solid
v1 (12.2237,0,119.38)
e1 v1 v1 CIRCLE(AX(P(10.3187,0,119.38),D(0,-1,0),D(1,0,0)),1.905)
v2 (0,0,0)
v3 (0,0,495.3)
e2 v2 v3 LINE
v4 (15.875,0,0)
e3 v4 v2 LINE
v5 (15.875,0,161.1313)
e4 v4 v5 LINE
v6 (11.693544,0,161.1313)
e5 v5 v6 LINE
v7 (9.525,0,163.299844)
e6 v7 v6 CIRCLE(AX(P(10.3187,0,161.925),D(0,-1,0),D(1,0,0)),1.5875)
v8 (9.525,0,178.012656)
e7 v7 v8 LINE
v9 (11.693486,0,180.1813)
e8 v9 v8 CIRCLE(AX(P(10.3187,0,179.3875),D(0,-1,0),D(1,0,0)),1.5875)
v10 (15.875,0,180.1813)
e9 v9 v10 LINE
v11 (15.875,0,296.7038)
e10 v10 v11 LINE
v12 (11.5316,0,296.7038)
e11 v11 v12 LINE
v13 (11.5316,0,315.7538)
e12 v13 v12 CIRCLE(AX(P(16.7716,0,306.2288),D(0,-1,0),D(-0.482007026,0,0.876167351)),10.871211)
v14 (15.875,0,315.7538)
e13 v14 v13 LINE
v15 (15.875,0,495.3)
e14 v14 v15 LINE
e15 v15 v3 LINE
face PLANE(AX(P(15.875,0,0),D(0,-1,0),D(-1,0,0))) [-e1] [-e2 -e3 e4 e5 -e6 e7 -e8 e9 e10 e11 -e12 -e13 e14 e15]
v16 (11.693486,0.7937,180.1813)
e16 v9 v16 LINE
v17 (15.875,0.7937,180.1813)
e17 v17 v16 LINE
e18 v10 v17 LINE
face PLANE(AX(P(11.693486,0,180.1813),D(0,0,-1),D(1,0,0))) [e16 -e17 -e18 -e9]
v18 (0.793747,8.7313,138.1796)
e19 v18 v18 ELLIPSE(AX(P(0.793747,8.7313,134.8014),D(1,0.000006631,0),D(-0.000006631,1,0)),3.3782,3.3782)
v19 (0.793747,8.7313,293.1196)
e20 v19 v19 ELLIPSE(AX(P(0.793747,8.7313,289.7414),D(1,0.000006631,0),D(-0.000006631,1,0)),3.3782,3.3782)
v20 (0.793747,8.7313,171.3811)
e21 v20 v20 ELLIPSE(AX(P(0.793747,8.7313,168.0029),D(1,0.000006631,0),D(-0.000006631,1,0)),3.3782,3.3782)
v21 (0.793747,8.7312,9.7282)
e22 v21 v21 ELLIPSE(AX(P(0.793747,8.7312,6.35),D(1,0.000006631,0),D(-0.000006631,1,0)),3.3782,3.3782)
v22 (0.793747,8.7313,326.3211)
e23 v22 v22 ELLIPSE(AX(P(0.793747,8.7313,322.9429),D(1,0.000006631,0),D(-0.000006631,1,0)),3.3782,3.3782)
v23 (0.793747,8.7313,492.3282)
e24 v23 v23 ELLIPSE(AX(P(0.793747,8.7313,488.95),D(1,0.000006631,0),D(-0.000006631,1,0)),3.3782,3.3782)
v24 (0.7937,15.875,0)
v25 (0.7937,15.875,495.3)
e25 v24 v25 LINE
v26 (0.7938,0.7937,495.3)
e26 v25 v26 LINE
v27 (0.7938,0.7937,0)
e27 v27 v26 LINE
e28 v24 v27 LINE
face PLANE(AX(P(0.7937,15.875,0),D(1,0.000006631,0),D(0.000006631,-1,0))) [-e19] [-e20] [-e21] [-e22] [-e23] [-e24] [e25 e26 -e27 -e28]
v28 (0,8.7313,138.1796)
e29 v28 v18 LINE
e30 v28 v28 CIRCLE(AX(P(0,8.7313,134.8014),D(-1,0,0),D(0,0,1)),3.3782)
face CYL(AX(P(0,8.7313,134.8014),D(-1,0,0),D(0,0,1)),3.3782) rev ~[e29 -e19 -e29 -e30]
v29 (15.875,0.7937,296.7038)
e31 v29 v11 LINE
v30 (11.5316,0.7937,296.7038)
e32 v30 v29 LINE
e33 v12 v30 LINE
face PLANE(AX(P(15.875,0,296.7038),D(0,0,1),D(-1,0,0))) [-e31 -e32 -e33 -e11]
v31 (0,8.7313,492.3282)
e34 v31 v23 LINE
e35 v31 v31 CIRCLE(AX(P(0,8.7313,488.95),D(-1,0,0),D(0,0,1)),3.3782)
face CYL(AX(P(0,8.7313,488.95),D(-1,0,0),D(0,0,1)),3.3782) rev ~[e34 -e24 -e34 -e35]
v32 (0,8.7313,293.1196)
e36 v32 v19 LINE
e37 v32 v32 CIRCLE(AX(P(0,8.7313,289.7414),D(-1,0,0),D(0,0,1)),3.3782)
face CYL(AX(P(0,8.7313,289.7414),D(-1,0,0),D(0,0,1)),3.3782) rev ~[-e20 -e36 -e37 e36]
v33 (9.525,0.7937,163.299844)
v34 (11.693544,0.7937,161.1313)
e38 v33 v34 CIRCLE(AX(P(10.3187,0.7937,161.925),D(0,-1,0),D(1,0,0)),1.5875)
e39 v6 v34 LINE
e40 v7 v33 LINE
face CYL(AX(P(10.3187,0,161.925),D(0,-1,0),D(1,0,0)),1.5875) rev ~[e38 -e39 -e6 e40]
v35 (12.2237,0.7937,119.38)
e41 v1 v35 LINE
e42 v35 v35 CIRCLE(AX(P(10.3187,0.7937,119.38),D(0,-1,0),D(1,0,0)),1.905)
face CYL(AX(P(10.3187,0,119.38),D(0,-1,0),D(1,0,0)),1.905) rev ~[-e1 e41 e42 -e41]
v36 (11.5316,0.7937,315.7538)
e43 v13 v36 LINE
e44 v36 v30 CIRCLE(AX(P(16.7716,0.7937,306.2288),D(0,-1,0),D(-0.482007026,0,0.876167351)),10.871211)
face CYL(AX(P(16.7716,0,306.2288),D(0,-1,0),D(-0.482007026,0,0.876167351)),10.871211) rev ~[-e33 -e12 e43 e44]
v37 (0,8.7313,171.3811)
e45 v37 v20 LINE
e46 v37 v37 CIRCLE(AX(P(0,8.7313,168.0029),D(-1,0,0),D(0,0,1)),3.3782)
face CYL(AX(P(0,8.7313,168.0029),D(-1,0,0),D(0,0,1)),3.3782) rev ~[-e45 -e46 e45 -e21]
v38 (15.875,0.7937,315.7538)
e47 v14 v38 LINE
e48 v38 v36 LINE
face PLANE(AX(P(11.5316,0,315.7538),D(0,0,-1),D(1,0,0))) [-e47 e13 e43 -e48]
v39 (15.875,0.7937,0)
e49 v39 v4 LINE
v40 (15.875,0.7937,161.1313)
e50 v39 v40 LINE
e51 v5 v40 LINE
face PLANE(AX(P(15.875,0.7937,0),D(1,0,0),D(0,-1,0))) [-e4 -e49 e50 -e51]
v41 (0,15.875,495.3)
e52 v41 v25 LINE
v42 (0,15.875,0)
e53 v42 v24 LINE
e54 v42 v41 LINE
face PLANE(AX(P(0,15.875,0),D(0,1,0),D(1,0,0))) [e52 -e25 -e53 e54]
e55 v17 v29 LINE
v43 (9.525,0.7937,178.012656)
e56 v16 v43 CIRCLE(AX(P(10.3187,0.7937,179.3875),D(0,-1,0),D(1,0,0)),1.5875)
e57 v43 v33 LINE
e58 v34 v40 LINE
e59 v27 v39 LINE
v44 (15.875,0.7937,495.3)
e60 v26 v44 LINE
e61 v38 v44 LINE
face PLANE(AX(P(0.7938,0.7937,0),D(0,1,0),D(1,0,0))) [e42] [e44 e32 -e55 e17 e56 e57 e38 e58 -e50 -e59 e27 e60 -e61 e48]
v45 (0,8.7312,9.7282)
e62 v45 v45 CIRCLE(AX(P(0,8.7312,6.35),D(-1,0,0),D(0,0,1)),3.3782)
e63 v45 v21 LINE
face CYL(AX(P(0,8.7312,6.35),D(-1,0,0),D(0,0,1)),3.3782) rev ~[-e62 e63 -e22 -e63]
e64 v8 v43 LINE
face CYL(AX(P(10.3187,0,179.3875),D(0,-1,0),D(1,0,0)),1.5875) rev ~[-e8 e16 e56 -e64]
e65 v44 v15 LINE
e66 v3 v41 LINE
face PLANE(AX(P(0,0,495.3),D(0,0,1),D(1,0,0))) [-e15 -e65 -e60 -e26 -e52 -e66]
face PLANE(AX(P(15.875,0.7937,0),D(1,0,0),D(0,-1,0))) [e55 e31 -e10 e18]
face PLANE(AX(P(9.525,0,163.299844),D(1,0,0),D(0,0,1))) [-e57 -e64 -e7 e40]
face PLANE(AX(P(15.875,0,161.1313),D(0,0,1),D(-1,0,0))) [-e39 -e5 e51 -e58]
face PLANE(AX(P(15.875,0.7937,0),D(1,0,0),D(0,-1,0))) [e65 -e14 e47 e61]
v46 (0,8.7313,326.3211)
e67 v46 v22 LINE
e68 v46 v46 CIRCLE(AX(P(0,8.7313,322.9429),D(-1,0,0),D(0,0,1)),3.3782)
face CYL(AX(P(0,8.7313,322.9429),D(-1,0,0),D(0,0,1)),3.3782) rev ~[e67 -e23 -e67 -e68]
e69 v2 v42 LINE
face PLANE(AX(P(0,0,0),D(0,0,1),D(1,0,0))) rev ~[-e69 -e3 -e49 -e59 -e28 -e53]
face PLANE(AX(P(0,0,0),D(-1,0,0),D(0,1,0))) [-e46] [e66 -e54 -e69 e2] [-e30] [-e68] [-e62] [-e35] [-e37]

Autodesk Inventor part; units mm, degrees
ref_plane "YZ Plane" through (0, 0, 0) normal (1, 0, 0) x (0, 1, 0)
ref_plane "XZ Plane" through (0, 0, 0) normal (0, 1, 0) x (-1, 0, 0)
ref_plane "XY Plane" through (0, 0, 0) normal (0, 0, 1) x (1, 0, 0)
sketch "Sketch1" plane through (0, 0, 0) normal (0, 0, 1) x (1, 0, 0)
  line L0 (0, 0) -> (0, 15.875)
  line L1 (0, 15.875) -> (0.7937, 15.875)
  line L2 (0.7937, 15.875) -> (0.7938, 0.7937)
  line L3 (0.7938, 0.7937) -> (15.875, 0.7937)
  line L4 (15.875, 0.7937) -> (15.875, 0)
  line L5 (15.875, 0) -> (0, 0)
  dimension "d0" = 15.875
  dimension "d1" = 0.7937
extrude "Extrusion1" add sketch "Sketch1" along normal blind 495.3
sketch "Sketch2" plane through (0, 0, 0) normal (0, -1, 0) x (1, 0, 0)
  line L0 (15.875, 0) -> (15.875, 495.3) projected
  line L1 (14.2875, 178.5938) -> (14.2875, 162.7188) construction
  line L2 (14.2875, 162.7188) -> (15.0813, 162.7188) construction
  line L3 (15.0813, 162.7188) -> (15.0813, 177.8) construction
  line L4 (15.0813, 177.8) -> (30.1625, 177.8) construction
  line L5 (30.1625, 177.8) -> (30.1625, 178.5938) construction
  line L6 (30.1625, 178.5938) -> (14.2875, 178.5938) construction
  line L7 (15.875, 161.1313) -> (9.525, 161.1313)
  line L8 (9.525, 161.1313) -> (9.525, 180.1813)
  line L9 (9.525, 180.1813) -> (15.875, 180.1813)
  line L10 (14.2875, 170.6563) -> (15.875, 170.6563) construction
  circle A0 centre (10.3187, 179.3875) radius 1.5875
  circle A1 centre (10.3187, 161.925) radius 1.5875
  circle A2 centre (10.3187, 119.38) radius 1.905 projected
  circle A3 centre (16.7716, 306.2288) radius 8.255 projected
  arc A4 (22.0116, 315.7538) -> (11.5316, 315.7538) centre (16.7716, 306.2288) ccw construction
  line L11 (11.5316, 315.7538) -> (22.0116, 315.7538) projected
  arc A5 (11.5316, 296.7038) -> (22.0116, 296.7038) centre (16.7716, 306.2288) ccw construction
  line L12 (22.0116, 296.7038) -> (11.5316, 296.7038) projected
  arc A6 (22.0116, 296.7038) -> (22.0116, 315.7538) centre (16.7716, 306.2288) ccw
  arc A7 (11.5316, 315.7538) -> (11.5316, 296.7038) centre (16.7716, 306.2288) ccw
  point P0 (9.525, 170.6563)
  dimension "d4" = 6.35
  dimension "d5" = 19.05
  dimension "d8" = 3.175
  dimension "d9" = 0.7937
  dimension "d10" = 0.7937
  dimension "d11" = 0.7937
  dimension "d12" = 0.7937
extrude "Extrusion2" cut sketch "Sketch2" against normal through all
sketch "Sketch3" plane through (0, 0, 0) normal (-1, 0, 0) x (0, 0, 1)
  line L0 (219.2782, 408.7812) -> (219.2782, 103.9812) construction
  arc A0 (212.5218, 103.9812) -> (219.2782, 103.9812) centre (215.9, 103.9812) ccw construction
  line L1 (212.5218, 103.9812) -> (212.5218, 408.7812) construction
  arc A1 (219.2782, 408.7812) -> (212.5218, 408.7812) centre (215.9, 408.7812) ccw construction
  circle A2 centre (215.9, 472.2812) radius 3.3782 construction
  circle A3 centre (215.9, 440.5312) radius 3.3782 construction
  line L2 (228.6, 484.9812) -> (330.2, 484.9812) construction
  line L3 (330.2, 484.9812) -> (330.2, 15.0812) construction
  line L4 (330.2, 15.0812) -> (228.6, 15.0812) construction
  line L5 (228.6, 484.9812) -> (228.6, 15.0812) construction
  line L6 (346.2782, 408.7812) -> (346.2782, 103.9812) construction
  arc A4 (339.5218, 103.9812) -> (346.2782, 103.9812) centre (342.9, 103.9812) ccw construction
  line L7 (339.5218, 103.9812) -> (339.5218, 408.7812) construction
  arc A5 (346.2782, 408.7812) -> (339.5218, 408.7812) centre (342.9, 408.7812) ccw construction
  line L8 (495.3, 2.3812) -> (495.3, 497.6812) construction
  line L9 (495.3, 497.6812) -> (0, 497.6812) construction
  line L10 (0, 497.6812) -> (0, 2.3812) construction
  line L11 (0, 2.3812) -> (495.3, 2.3812) construction
  circle A6 centre (488.95, 8.7313) radius 3.3782 projected
  circle A7 centre (488.95, 18.5802) radius 3.3782 construction
  circle A8 centre (488.95, 28.4292) radius 3.3782 construction
  circle A9 centre (488.95, 38.2782) radius 3.3782 construction
  circle A10 centre (488.95, 48.1272) radius 3.3782 construction
  circle A11 centre (488.95, 57.9761) radius 3.3782 construction
  circle A12 centre (488.95, 67.8251) radius 3.3782 construction
  circle A13 centre (488.95, 77.6741) radius 3.3782 construction
  circle A14 centre (488.95, 87.5231) radius 3.3782 construction
  circle A15 centre (488.95, 117.07) radius 3.3782 construction
  circle A16 centre (488.95, 126.919) radius 3.3782 construction
  circle A17 centre (488.95, 136.768) radius 3.3782 construction
  circle A18 centre (488.95, 146.617) radius 3.3782 construction
  circle A19 centre (488.95, 156.4659) radius 3.3782 construction
  circle A20 centre (488.95, 166.3149) radius 3.3782 construction
  circle A21 centre (488.95, 176.1639) radius 3.3782 construction
  circle A22 centre (488.95, 186.0129) radius 3.3782 construction
  circle A23 centre (488.95, 195.8619) radius 3.3782 construction
  circle A24 centre (488.95, 205.7108) radius 3.3782 construction
  circle A25 centre (488.95, 215.5598) radius 3.3782 construction
  circle A26 centre (488.95, 225.4088) radius 3.3782 construction
  circle A27 centre (488.95, 235.2578) radius 3.3782 construction
  circle A28 centre (488.95, 245.1068) radius 3.3782 construction
  circle A29 centre (488.95, 254.9557) radius 3.3782 construction
  circle A30 centre (488.95, 264.8047) radius 3.3782 construction
  circle A31 centre (488.95, 274.6537) radius 3.3782 construction
  circle A32 centre (488.95, 284.5027) radius 3.3782 construction
  circle A33 centre (488.95, 294.3517) radius 3.3782 construction
  circle A34 centre (488.95, 304.2006) radius 3.3782 construction
  circle A35 centre (488.95, 314.0496) radius 3.3782 construction
  circle A36 centre (488.95, 323.8986) radius 3.3782 construction
  circle A37 centre (488.95, 333.7476) radius 3.3782 construction
  circle A38 centre (488.95, 343.5966) radius 3.3782 construction
  circle A39 centre (488.95, 353.4455) radius 3.3782 construction
  circle A40 centre (488.95, 363.2945) radius 3.3782 construction
  circle A41 centre (488.95, 373.1435) radius 3.3782 construction
  circle A42 centre (488.95, 382.9925) radius 3.3782 construction
  circle A43 centre (488.95, 392.8415) radius 3.3782 construction
  circle A44 centre (488.95, 402.6904) radius 3.3782 construction
  circle A45 centre (488.95, 412.5394) radius 3.3782 construction
  circle A46 centre (488.95, 422.3884) radius 3.3782 construction
  circle A47 centre (488.95, 432.2374) radius 3.3782 construction
  circle A48 centre (488.95, 442.0864) radius 3.3782 construction
  circle A49 centre (488.95, 451.9353) radius 3.3782 construction
  circle A50 centre (488.95, 461.7843) radius 3.3782 construction
  circle A51 centre (488.95, 471.6333) radius 3.3782 construction
  circle A52 centre (488.95, 481.4823) radius 3.3782 construction
  circle A53 centre (488.95, 491.3312) radius 3.3782 construction
  circle A54 centre (6.35, 8.7312) radius 3.3782 projected
  circle A55 centre (6.35, 18.5802) radius 3.3782 construction
  circle A56 centre (6.35, 28.4292) radius 3.3782 construction
  circle A57 centre (6.35, 38.2782) radius 3.3782 construction
  circle A58 centre (6.35, 48.1272) radius 3.3782 construction
  circle A59 centre (6.35, 57.9761) radius 3.3782 construction
  circle A60 centre (6.35, 67.8251) radius 3.3782 construction
  circle A61 centre (6.35, 77.6741) radius 3.3782 construction
  circle A62 centre (6.35, 87.5231) radius 3.3782 construction
  circle A63 centre (6.35, 97.3721) radius 3.3782 construction
  circle A64 centre (6.35, 107.221) radius 3.3782 construction
  circle A65 centre (6.35, 117.07) radius 3.3782 construction
  circle A66 centre (6.35, 126.919) radius 3.3782 construction
  circle A67 centre (6.35, 136.768) radius 3.3782 construction
  circle A68 centre (6.35, 146.617) radius 3.3782 construction
  circle A69 centre (6.35, 156.4659) radius 3.3782 construction
  circle A70 centre (6.35, 166.3149) radius 3.3782 construction
  circle A71 centre (6.35, 176.1639) radius 3.3782 construction
  circle A72 centre (6.35, 186.0129) radius 3.3782 construction
  circle A73 centre (6.35, 195.8619) radius 3.3782 construction
  circle A74 centre (6.35, 205.7108) radius 3.3782 construction
  circle A75 centre (6.35, 215.5598) radius 3.3782 construction
  circle A76 centre (6.35, 225.4088) radius 3.3782 construction
  circle A77 centre (6.35, 235.2578) radius 3.3782 construction
  circle A78 centre (6.35, 245.1068) radius 3.3782 construction
  circle A79 centre (6.35, 254.9557) radius 3.3782 construction
  circle A80 centre (6.35, 264.8047) radius 3.3782 construction
  circle A81 centre (6.35, 274.6537) radius 3.3782 construction
  circle A82 centre (6.35, 284.5027) radius 3.3782 construction
  circle A83 centre (6.35, 294.3517) radius 3.3782 construction
  circle A84 centre (6.35, 304.2006) radius 3.3782 construction
  circle A85 centre (6.35, 314.0496) radius 3.3782 construction
  circle A86 centre (6.35, 323.8986) radius 3.3782 construction
  circle A87 centre (6.35, 333.7476) radius 3.3782 construction
  circle A88 centre (6.35, 343.5966) radius 3.3782 construction
  circle A89 centre (6.35, 353.4455) radius 3.3782 construction
  circle A90 centre (6.35, 363.2945) radius 3.3782 construction
  circle A91 centre (6.35, 373.1435) radius 3.3782 construction
  circle A92 centre (6.35, 382.9925) radius 3.3782 construction
  circle A93 centre (6.35, 392.8415) radius 3.3782 construction
  circle A94 centre (6.35, 402.6904) radius 3.3782 construction
  circle A95 centre (6.35, 412.5394) radius 3.3782 construction
  circle A96 centre (6.35, 422.3884) radius 3.3782 construction
  circle A97 centre (6.35, 432.2374) radius 3.3782 construction
  circle A98 centre (6.35, 442.0864) radius 3.3782 construction
  circle A99 centre (6.35, 451.9353) radius 3.3782 construction
  circle A100 centre (6.35, 461.7843) radius 3.3782 construction
  circle A101 centre (6.35, 471.6333) radius 3.3782 construction
  circle A102 centre (6.35, 481.4823) radius 3.3782 construction
  circle A103 centre (6.35, 491.3312) radius 3.3782 construction
  circle A104 centre (477.8829, 8.7313) radius 3.3782 construction
  circle A105 centre (477.8829, 491.3312) radius 3.3782 construction
  circle A106 centre (466.8157, 8.7313) radius 3.3782 construction
  circle A107 centre (466.8157, 491.3312) radius 3.3782 construction
  circle A108 centre (455.7486, 8.7313) radius 3.3782 construction
  circle A109 centre (455.7486, 491.3312) radius 3.3782 construction
  circle A110 centre (444.6814, 8.7313) radius 3.3782 construction
  circle A111 centre (444.6814, 491.3312) radius 3.3782 construction
  circle A112 centre (433.6143, 8.7313) radius 3.3782 construction
  circle A113 centre (433.6143, 491.3312) radius 3.3782 construction
  circle A114 centre (422.5471, 8.7313) radius 3.3782 construction
  circle A115 centre (422.5471, 491.3312) radius 3.3782 construction
  circle A116 centre (411.48, 8.7313) radius 3.3782 construction
  circle A117 centre (411.48, 491.3312) radius 3.3782 construction
  circle A118 centre (400.4129, 8.7313) radius 3.3782 construction
  circle A119 centre (400.4129, 491.3312) radius 3.3782 construction
  circle A120 centre (389.3457, 8.7313) radius 3.3782 construction
  circle A121 centre (389.3457, 491.3312) radius 3.3782 construction
  circle A122 centre (378.2786, 8.7313) radius 3.3782 construction
  circle A123 centre (378.2786, 491.3312) radius 3.3782 construction
  circle A124 centre (367.2114, 8.7313) radius 3.3782 construction
  circle A125 centre (367.2114, 491.3312) radius 3.3782 construction
  circle A126 centre (356.1443, 8.7313) radius 3.3782 construction
  circle A127 centre (356.1443, 491.3312) radius 3.3782 construction
  circle A128 centre (345.0771, 8.7313) radius 3.3782 construction
  circle A129 centre (345.0771, 491.3312) radius 3.3782 construction
  circle A130 centre (334.01, 8.7313) radius 3.3782 construction
  circle A131 centre (334.01, 491.3312) radius 3.3782 construction
  circle A132 centre (322.9429, 8.7313) radius 3.3782 projected
  circle A133 centre (322.9429, 491.3312) radius 3.3782 construction
  circle A134 centre (311.8757, 8.7313) radius 3.3782 construction
  circle A135 centre (311.8757, 491.3312) radius 3.3782 construction
  circle A136 centre (300.8086, 8.7313) radius 3.3782 construction
  circle A137 centre (300.8086, 491.3312) radius 3.3782 construction
  circle A138 centre (289.7414, 8.7313) radius 3.3782 projected
  circle A139 centre (289.7414, 491.3312) radius 3.3782 construction
  circle A140 centre (278.6743, 8.7313) radius 3.3782 construction
  circle A141 centre (278.6743, 491.3312) radius 3.3782 construction
  circle A142 centre (267.6071, 8.7313) radius 3.3782 construction
  circle A143 centre (267.6071, 491.3312) radius 3.3782 construction
  circle A144 centre (256.54, 8.7313) radius 3.3782 construction
  circle A145 centre (256.54, 491.3312) radius 3.3782 construction
  circle A146 centre (245.4729, 8.7313) radius 3.3782 construction
  circle A147 centre (245.4729, 491.3312) radius 3.3782 construction
  circle A148 centre (234.4057, 8.7313) radius 3.3782 construction
  circle A149 centre (234.4057, 491.3312) radius 3.3782 construction
  circle A150 centre (223.3386, 8.7313) radius 3.3782 construction
  circle A151 centre (223.3386, 491.3312) radius 3.3782 construction
  circle A152 centre (212.2714, 8.7313) radius 3.3782 construction
  circle A153 centre (212.2714, 491.3312) radius 3.3782 construction
  circle A154 centre (201.2043, 8.7313) radius 3.3782 construction
  circle A155 centre (201.2043, 491.3312) radius 3.3782 construction
  circle A156 centre (190.1371, 8.7313) radius 3.3782 construction
  circle A157 centre (190.1371, 491.3312) radius 3.3782 construction
  circle A158 centre (179.07, 8.7313) radius 3.3782 construction
  circle A159 centre (179.07, 491.3312) radius 3.3782 construction
  circle A160 centre (168.0029, 8.7313) radius 3.3782 projected
  circle A161 centre (168.0029, 491.3312) radius 3.3782 construction
  circle A162 centre (156.9357, 8.7313) radius 3.3782 construction
  circle A163 centre (156.9357, 491.3312) radius 3.3782 construction
  circle A164 centre (145.8686, 8.7313) radius 3.3782 construction
  circle A165 centre (145.8686, 491.3312) radius 3.3782 construction
  circle A166 centre (134.8014, 8.7313) radius 3.3782 projected
  circle A167 centre (134.8014, 491.3312) radius 3.3782 construction
  circle A168 centre (123.7343, 8.7313) radius 3.3782 construction
  circle A169 centre (123.7343, 491.3312) radius 3.3782 construction
  circle A170 centre (112.6671, 8.7313) radius 3.3782 construction
  circle A171 centre (112.6671, 491.3312) radius 3.3782 construction
  circle A172 centre (18.2563, 8.7312) radius 3.3782 construction
  circle A173 centre (18.2563, 491.3312) radius 3.3782 construction
  circle A174 centre (30.1625, 8.7312) radius 3.3782 construction
  circle A175 centre (30.1625, 491.3312) radius 3.3782 construction
  circle A176 centre (42.0688, 8.7312) radius 3.3782 construction
  circle A177 centre (42.0688, 491.3312) radius 3.3782 construction
  circle A178 centre (53.975, 8.7312) radius 3.3782 construction
  circle A179 centre (53.975, 491.3312) radius 3.3782 construction
  circle A180 centre (65.8813, 8.7312) radius 3.3782 construction
  circle A181 centre (65.8813, 491.3312) radius 3.3782 construction
  circle A182 centre (77.7875, 8.7312) radius 3.3782 construction
  circle A183 centre (77.7875, 491.3312) radius 3.3782 construction
  circle A184 centre (89.6938, 8.7312) radius 3.3782 construction
  circle A185 centre (89.6938, 491.3312) radius 3.3782 construction
  circle A186 centre (101.6, 8.7312) radius 3.3782 construction
  circle A187 centre (101.6, 491.3312) radius 3.3782 construction
  line L12 (203.2, 15.0812) -> (203.2, 484.9812) construction
  line L13 (203.2, 15.0812) -> (12.7, 15.0812) construction
  line L14 (12.7, 15.0812) -> (12.7, 484.9812) construction
  line L15 (12.7, 484.9812) -> (203.2, 484.9812) construction
  line L16 (355.6, 484.9812) -> (482.6, 484.9812) construction
  line L17 (482.6, 484.9812) -> (482.6, 15.0812) construction
  line L18 (482.6, 15.0812) -> (355.6, 15.0812) construction
  line L19 (355.6, 15.0812) -> (355.6, 484.9812) construction
  arc A188 (487.5398, 100.4418) -> (490.3602, 100.4418) centre (488.95, 97.3721) ccw projected
  arc A189 (492.1297, 106.0802) -> (485.7703, 106.0802) centre (488.95, 107.221) ccw projected
  arc A190 (485.7703, 106.0802) -> (487.5398, 100.4418) centre (488.95, 103.9812) ccw projected
  arc A191 (490.3602, 100.4418) -> (492.1297, 106.0802) centre (488.95, 103.9812) ccw projected
  ellipse E0 centre (342.9016, 472.2812) end of major axis (342.9016, 468.903) minor radius 3.3782 projected
  ellipse E1 centre (342.9016, 440.5312) end of major axis (342.9016, 443.9094) minor radius 3.3782 projected
extrude "Extrusion3" cut sketch "Sketch3" against normal through all contours A6 | A54 | A132 | A138 | A160 | A166
equation "\"d10\" = d9"
equation "\"d11\" = d10"
equation "\"d12\" = d11"
properties part number "Shooter Side Support Bar - L" material "Aluminum 6061"
